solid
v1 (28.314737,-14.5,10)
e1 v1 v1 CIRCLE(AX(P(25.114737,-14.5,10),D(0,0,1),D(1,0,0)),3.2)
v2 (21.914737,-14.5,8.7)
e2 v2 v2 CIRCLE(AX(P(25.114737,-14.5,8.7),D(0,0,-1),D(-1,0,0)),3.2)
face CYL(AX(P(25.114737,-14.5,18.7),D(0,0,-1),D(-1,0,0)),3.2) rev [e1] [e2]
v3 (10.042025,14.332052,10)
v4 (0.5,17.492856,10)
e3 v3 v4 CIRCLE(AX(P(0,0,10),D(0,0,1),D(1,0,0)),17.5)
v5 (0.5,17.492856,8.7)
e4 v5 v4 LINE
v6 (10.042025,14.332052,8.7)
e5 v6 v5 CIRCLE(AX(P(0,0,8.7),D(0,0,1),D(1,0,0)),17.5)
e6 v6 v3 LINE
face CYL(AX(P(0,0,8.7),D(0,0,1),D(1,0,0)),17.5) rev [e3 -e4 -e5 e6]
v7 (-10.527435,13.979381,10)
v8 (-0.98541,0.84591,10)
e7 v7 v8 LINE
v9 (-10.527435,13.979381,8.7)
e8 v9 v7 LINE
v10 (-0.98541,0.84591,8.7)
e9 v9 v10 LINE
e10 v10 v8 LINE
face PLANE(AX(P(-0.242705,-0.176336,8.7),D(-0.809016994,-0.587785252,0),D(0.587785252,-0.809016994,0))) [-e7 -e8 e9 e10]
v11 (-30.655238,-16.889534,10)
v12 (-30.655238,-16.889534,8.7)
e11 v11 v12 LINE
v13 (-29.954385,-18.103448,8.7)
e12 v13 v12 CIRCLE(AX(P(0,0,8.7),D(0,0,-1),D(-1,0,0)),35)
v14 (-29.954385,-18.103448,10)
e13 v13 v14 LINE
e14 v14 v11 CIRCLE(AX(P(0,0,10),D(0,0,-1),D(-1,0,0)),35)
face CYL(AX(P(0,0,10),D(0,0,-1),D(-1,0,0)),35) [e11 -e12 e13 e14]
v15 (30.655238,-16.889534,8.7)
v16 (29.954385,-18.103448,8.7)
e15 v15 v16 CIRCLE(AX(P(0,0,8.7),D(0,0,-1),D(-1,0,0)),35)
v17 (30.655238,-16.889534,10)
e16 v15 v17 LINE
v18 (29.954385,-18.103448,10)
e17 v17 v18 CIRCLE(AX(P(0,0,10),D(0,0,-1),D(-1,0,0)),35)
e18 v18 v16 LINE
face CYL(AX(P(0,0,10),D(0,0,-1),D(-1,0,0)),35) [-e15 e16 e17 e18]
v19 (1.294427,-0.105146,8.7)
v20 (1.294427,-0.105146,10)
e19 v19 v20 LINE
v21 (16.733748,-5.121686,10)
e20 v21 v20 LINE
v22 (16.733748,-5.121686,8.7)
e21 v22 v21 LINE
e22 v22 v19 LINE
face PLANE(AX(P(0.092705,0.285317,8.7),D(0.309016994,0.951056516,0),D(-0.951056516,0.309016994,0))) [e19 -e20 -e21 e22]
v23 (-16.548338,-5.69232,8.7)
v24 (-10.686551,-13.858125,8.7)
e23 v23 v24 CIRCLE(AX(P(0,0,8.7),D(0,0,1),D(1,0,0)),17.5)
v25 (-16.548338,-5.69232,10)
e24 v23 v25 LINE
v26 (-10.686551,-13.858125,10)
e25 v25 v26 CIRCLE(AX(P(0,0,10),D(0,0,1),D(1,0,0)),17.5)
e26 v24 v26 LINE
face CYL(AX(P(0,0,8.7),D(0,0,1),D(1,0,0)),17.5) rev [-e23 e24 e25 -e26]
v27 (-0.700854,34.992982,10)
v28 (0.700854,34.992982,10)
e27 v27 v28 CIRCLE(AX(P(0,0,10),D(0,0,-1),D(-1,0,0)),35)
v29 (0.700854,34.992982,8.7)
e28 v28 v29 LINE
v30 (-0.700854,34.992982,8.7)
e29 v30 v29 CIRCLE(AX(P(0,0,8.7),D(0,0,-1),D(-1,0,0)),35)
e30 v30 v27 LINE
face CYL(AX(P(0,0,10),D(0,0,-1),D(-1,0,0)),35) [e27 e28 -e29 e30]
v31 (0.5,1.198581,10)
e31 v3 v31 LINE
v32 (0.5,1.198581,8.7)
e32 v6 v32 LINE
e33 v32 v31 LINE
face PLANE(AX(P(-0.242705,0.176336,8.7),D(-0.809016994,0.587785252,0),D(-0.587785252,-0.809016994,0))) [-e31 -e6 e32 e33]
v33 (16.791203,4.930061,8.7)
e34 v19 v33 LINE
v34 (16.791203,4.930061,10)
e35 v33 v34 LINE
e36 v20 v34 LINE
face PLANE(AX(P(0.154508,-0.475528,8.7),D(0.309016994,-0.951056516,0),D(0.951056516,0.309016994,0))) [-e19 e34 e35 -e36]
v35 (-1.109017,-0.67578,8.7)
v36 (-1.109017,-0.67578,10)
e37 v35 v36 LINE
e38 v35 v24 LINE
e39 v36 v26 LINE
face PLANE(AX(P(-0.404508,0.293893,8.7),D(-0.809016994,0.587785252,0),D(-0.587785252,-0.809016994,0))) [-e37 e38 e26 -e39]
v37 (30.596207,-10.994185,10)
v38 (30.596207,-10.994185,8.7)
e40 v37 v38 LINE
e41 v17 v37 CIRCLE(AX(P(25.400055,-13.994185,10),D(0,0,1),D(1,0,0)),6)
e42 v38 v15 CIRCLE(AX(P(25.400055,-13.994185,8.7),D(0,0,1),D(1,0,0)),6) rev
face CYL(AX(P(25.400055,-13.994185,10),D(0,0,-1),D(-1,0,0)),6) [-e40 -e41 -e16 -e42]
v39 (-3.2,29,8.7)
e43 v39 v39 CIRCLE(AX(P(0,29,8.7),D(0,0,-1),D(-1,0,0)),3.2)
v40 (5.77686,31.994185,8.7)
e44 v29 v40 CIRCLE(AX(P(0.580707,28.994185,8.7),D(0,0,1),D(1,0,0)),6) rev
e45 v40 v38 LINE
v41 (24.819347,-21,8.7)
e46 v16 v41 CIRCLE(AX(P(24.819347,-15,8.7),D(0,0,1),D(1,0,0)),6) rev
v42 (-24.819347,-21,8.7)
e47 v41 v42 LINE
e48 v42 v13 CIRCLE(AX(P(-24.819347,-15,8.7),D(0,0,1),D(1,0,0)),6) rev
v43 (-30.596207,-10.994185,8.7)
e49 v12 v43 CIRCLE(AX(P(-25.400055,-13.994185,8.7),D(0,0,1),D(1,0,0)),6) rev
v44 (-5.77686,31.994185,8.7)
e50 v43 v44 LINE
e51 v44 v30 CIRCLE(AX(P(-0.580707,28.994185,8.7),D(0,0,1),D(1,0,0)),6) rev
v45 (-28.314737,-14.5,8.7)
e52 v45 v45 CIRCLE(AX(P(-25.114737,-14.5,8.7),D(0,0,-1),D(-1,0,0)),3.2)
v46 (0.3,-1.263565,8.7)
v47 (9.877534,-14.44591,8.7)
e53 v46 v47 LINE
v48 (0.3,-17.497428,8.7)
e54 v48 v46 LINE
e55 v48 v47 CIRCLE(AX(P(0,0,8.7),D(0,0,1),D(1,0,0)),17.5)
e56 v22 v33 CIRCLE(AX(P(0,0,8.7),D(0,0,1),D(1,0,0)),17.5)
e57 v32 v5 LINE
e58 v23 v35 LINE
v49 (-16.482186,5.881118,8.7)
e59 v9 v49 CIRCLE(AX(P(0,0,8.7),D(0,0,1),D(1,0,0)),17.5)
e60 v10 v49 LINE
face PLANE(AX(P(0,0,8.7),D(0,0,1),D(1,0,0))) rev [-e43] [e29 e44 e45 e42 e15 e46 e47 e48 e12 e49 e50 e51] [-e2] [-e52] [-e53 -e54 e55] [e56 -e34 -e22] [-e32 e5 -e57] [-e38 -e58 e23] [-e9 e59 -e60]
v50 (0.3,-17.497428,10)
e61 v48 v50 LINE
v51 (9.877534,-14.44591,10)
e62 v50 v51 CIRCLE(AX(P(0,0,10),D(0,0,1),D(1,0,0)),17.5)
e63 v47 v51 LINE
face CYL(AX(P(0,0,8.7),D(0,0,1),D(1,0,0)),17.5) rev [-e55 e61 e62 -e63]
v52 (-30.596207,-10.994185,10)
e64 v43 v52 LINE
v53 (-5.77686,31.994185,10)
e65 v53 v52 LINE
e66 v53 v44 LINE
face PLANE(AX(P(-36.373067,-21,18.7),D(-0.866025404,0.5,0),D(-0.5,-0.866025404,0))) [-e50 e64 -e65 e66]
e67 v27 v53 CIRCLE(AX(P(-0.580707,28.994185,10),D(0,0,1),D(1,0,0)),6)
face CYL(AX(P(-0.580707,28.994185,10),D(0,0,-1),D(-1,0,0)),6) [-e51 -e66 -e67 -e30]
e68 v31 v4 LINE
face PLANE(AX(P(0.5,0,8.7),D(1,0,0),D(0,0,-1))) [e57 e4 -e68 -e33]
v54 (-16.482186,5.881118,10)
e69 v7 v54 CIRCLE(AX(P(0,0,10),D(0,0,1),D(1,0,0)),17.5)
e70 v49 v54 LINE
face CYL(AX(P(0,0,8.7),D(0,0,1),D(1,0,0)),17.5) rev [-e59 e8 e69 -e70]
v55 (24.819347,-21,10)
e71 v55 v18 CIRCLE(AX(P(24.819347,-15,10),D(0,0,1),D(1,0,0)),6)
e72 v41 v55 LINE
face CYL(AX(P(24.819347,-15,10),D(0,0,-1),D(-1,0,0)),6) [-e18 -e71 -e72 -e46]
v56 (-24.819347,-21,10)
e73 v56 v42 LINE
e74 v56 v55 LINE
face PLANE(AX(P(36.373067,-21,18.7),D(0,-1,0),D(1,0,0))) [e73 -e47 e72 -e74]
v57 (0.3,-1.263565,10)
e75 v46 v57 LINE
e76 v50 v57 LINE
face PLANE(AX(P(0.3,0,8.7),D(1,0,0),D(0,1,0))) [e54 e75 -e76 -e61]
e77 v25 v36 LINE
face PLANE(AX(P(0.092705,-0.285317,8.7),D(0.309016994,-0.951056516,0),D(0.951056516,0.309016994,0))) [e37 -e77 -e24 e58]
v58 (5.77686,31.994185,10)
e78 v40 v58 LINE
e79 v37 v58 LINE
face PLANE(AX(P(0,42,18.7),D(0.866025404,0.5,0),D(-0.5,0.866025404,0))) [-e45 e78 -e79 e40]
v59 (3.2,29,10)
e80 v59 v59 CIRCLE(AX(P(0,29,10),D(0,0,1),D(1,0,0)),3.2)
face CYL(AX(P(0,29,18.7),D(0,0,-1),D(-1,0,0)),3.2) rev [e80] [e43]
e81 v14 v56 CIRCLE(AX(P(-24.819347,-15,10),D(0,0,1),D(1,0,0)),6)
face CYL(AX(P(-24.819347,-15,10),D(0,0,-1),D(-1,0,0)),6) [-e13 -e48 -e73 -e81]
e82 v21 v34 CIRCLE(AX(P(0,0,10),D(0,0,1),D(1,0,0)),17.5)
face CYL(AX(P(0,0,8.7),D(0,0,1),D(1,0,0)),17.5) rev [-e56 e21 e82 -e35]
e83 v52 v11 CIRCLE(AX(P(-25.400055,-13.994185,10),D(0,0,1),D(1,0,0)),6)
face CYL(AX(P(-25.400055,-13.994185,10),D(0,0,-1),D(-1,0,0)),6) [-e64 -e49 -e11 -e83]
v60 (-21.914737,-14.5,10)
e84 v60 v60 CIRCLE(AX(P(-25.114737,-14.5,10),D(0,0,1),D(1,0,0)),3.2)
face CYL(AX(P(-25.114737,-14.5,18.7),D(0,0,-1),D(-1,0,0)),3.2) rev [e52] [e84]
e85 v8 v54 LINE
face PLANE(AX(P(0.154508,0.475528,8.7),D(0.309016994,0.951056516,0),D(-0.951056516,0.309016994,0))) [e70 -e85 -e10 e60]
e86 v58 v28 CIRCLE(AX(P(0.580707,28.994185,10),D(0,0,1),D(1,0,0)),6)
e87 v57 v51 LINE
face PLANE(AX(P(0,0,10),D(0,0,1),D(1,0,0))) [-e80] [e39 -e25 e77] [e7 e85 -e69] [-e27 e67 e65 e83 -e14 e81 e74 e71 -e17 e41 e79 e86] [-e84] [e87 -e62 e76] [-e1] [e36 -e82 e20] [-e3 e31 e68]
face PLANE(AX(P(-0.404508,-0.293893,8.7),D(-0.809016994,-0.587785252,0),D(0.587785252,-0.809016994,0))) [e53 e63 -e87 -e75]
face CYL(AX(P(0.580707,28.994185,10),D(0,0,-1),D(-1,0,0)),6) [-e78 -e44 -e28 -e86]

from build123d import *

# Parameters (mm, degrees)
SKETCH2_R           = 19
BOSS_EXTRUDE1_DEPTH = 1.3
BOSS_EXTRUDE7_START = -1.3
BOSS_EXTRUDE7_DEPTH = 1.3
SKETCH17_R          = 0.7
BOSS_EXTRUDE9_DEPTH = 1.3
BOSS_EXTRUDE2_START = -1.3
SKETCH3_R           = 35
SKETCH3_R_2         = 19
BOSS_EXTRUDE2_DEPTH = 1.3
SKETCH6_R           = 5
BOSS_EXTRUDE4_DEPTH = 1
SKETCH7_R           = 59.131365533
CUT_EXTRUDE1_DEPTH  = 10
FILLET1_R           = 6
SKETCH4_R           = 3.2
CUT_EXTRUDE2_DEPTH  = 10


with BuildPart() as part:
    # Sketch2 → Boss-Extrude1 (new body)
    with BuildSketch(Plane.XY.offset(10)):
        Circle(SKETCH2_R)
        with BuildLine():
            ThreePointArc((0, 0.943688479), (0.291615777, 0.897501077), (0.554686171, 0.763460017))
            Line((0.554686171, 0.763460017), (10.580134541, 14.562305899))
            ThreePointArc((10.580134541, 14.562305899), (14.562305899, 10.580134541), (17.119017293, 5.562305899))
            Line((17.119017293, 5.562305899), (0.897501077, 0.291615777))
            ThreePointArc((0.897501077, 0.291615777), (0.943688479, 0), (0.897501077, -0.291615777))
            Line((0.897501077, -0.291615777), (17.119017293, -5.562305899))
            ThreePointArc((17.119017293, -5.562305899), (14.562305899, -10.580134541), (10.580134541, -14.562305899))
            Line((10.580134541, -14.562305899), (0.554686171, -0.763460017))
            ThreePointArc((0.554686171, -0.763460017), (0.291615777, -0.897501077), (0, -0.943688479))
            Line((0, -0.943688479), (0, -18))
            ThreePointArc((0, -18), (-5.562305899, -17.119017293), (-10.580134541, -14.562305899))
            Line((-10.580134541, -14.562305899), (-0.554686171, -0.763460017))
            ThreePointArc((-0.554686171, -0.763460017), (-0.763460017, -0.554686171), (-0.897501077, -0.291615777))
            Line((-0.897501077, -0.291615777), (-17.119017293, -5.562305899))
            ThreePointArc((-17.119017293, -5.562305899), (-18, 0), (-17.119017293, 5.562305899))
            Line((-17.119017293, 5.562305899), (-0.897501077, 0.291615777))
            ThreePointArc((-0.897501077, 0.291615777), (-0.763460017, 0.554686171), (-0.554686171, 0.763460017))
            Line((-0.554686171, 0.763460017), (-10.580134541, 14.562305899))
            ThreePointArc((-10.580134541, 14.562305899), (-5.562305899, 17.119017293), (0, 18))
            Line((0, 18), (0, 0.943688479))
        make_face(mode=Mode.SUBTRACT)
        with BuildLine():
            Line((0.5, 1.198581445), (0.5, 17.492855685))
            ThreePointArc((0.5, 17.492855685), (5.50283957, 16.612307385), (10.042025258, 14.332052495))
            Line((10.042025258, 14.332052495), (0.5, 1.198581445))
        make_face(mode=Mode.SUBTRACT)
        with BuildLine():
            Line((-0.985410197, 0.845910294), (-16.48218589, 5.881117945))
            ThreePointArc((-16.48218589, 5.881117945), (-14.098772245, 10.366996729), (-10.527435455, 13.979381344))
            Line((-10.527435455, 13.979381344), (-0.985410197, 0.845910294))
        make_face(mode=Mode.SUBTRACT)
        with BuildLine():
            Line((-1.109016994, -0.675780132), (-10.686551089, -13.858124903))
            ThreePointArc((-10.686551089, -13.858124903), (-14.216360017, -10.205151045), (-16.548338183, -5.692319683))
            Line((-16.548338183, -5.692319683), (-1.109016994, -0.675780132))
        make_face(mode=Mode.SUBTRACT)
        with BuildLine():
            ThreePointArc((9.877534095, -14.445910155), (5.312578558, -16.674126936), (0.3, -17.497428382))
            Line((0.3, -17.497428382), (0.3, -1.263565384))
            Line((0.3, -1.263565384), (9.877534095, -14.445910155))
        make_face(mode=Mode.SUBTRACT)
        with BuildLine():
            Line((16.73374838, -5.121685773), (1.294427191, -0.105146222))
            Line((1.294427191, -0.105146222), (16.791202885, 4.930061429))
            ThreePointArc((16.791202885, 4.930061429), (17.499714134, -0.100026134), (16.73374838, -5.121685773))
        make_face(mode=Mode.SUBTRACT)
    extrude(amount=-BOSS_EXTRUDE1_DEPTH)

    # Sketch11 → Boss-Extrude7 (add)
    with BuildSketch(Plane(origin=(0, 0, 8.7), x_dir=(-1, 0, 0), z_dir=(0, 0, -1)).offset(BOSS_EXTRUDE7_START)):
        with BuildLine():
            ThreePointArc((-0.897501077, 0.291615777), (-0.763460017, 0.554686171), (-0.554686171, 0.763460017))
            Line((-0.554686171, 0.763460017), (-10.580134541, 14.562305899))
            ThreePointArc((-10.580134541, 14.562305899), (-14.562305899, 10.580134541), (-17.119017293, 5.562305899))
            Line((-17.119017293, 5.562305899), (-0.897501077, 0.291615777))
        make_face()
        with BuildLine():
            Line((0, 18), (0, 0.943688479))
            ThreePointArc((0, 0.943688479), (0.291615777, 0.897501077), (0.554686171, 0.763460017))
            Line((0.554686171, 0.763460017), (10.580134541, 14.562305899))
            ThreePointArc((10.580134541, 14.562305899), (5.562305899, 17.119017293), (0, 18))
        make_face()
        with BuildLine():
            Line((17.119017293, 5.562305899), (0.897501077, 0.291615777))
            ThreePointArc((0.897501077, 0.291615777), (0.932070108, 0.147625402), (0.943688479, 0))
            ThreePointArc((0.943688479, 0), (0.932070108, -0.147625402), (0.897501077, -0.291615777))
            Line((0.897501077, -0.291615777), (17.119017293, -5.562305899))
            ThreePointArc((17.119017293, -5.562305899), (18, 0), (17.119017293, 5.562305899))
        make_face()
        with BuildLine():
            Line((10.580134541, -14.562305899), (0.554686171, -0.763460017))
            ThreePointArc((0.554686171, -0.763460017), (0.291615777, -0.897501077), (0, -0.943688479))
            Line((0, -0.943688479), (0, -18))
            ThreePointArc((0, -18), (5.562305899, -17.119017293), (10.580134541, -14.562305899))
        make_face()
        with BuildLine():
            ThreePointArc((-0.554686171, -0.763460017), (-0.763460017, -0.554686171), (-0.897501077, -0.291615777))
            Line((-0.897501077, -0.291615777), (-17.119017293, -5.562305899))
            ThreePointArc((-17.119017293, -5.562305899), (-14.562305899, -10.580134541), (-10.580134541, -14.562305899))
            Line((-10.580134541, -14.562305899), (-0.554686171, -0.763460017))
        make_face()
        with BuildLine():
            ThreePointArc((0.554686171, 0.763460017), (0.291615777, 0.897501077), (0, 0.943688479))
            ThreePointArc((0, 0.943688479), (-0.291615777, 0.897501077), (-0.554686171, 0.763460017))
            ThreePointArc((-0.554686171, 0.763460017), (-0.763460017, 0.554686171), (-0.897501077, 0.291615777))
            ThreePointArc((-0.897501077, 0.291615777), (-0.943688479, 0), (-0.897501077, -0.291615777))
            ThreePointArc((-0.897501077, -0.291615777), (-0.763460017, -0.554686171), (-0.554686171, -0.763460017))
            ThreePointArc((-0.554686171, -0.763460017), (-0.291615777, -0.897501077), (0, -0.943688479))
            ThreePointArc((0, -0.943688479), (0.291615777, -0.897501077), (0.554686171, -0.763460017))
            ThreePointArc((0.554686171, -0.763460017), (0.763460017, -0.554686171), (0.897501077, -0.291615777))
            ThreePointArc((0.897501077, -0.291615777), (0.932070108, -0.147625402), (0.943688479, 0))
            ThreePointArc((0.943688479, 0), (0.932070108, 0.147625402), (0.897501077, 0.291615777))
            ThreePointArc((0.897501077, 0.291615777), (0.763460017, 0.554686171), (0.554686171, 0.763460017))
        make_face()
    extrude(amount=BOSS_EXTRUDE7_DEPTH)

    # Sketch17 → Boss-Extrude9 (add)
    with BuildSketch(Plane(origin=(0, 0, 8.7), x_dir=(-1, 0, 0), z_dir=(0, 0, -1))):
        Circle(SKETCH17_R)
    extrude(amount=-BOSS_EXTRUDE9_DEPTH)

    # Sketch3 → Boss-Extrude2 (add)
    with BuildSketch(Plane(origin=(0, 0, 8.7), x_dir=(-1, 0, 0), z_dir=(0, 0, -1)).offset(BOSS_EXTRUDE2_START)):
        Circle(SKETCH3_R)
        Circle(SKETCH3_R_2, mode=Mode.SUBTRACT)
    extrude(amount=BOSS_EXTRUDE2_DEPTH)

    # Sketch6 → Boss-Extrude4 (add)
    with BuildSketch(Plane(origin=(0, 0, 10), x_dir=(-1, 0, 0), z_dir=(0, 0, -1))):
        with Locations((0, 30)):
            Circle(SKETCH6_R)
        with Locations((25.980762114, -15)):
            Circle(SKETCH6_R)
        with Locations((-25.980762114, -15)):
            Circle(SKETCH6_R)
    extrude(amount=BOSS_EXTRUDE4_DEPTH)

    # Sketch7 → Cut-Extrude1 (cut)
    with BuildSketch(Plane(origin=(0, 0, 8.7), x_dir=(-1, 0, 0), z_dir=(0, 0, -1))):
        Circle(SKETCH7_R)
        Polygon((0, 42), (-36.373066959, -21), (36.373066959, -21), align=None, mode=Mode.SUBTRACT)
    extrude(amount=-CUT_EXTRUDE1_DEPTH, mode=Mode.SUBTRACT)

    # Fillet1
    fillet1_edges = [part.edges().sort_by_distance(p)[0] for p in [
        (4.186533479, 34.748711306, 9.35),
        (32.186533479, -13.748711306, 9.35),
        (28, -21, 9.35),
        (-28, -21, 9.35),
        (-32.186533479, -13.748711306, 9.35),
        (-4.186533479, 34.748711306, 9.35),
    ]]
    fillet(fillet1_edges, radius=FILLET1_R)

    # Sketch4 → Cut-Extrude2 (cut)
    with BuildSketch(Plane(origin=(0, 0, 8.7), x_dir=(-1, 0, 0), z_dir=(0, 0, -1))):
        with Locations((0, 29)):
            Circle(SKETCH4_R)
        with Locations((25.11473671, -14.5)):
            Circle(SKETCH4_R)
        with Locations((-25.11473671, -14.5)):
            Circle(SKETCH4_R)
    extrude(amount=-CUT_EXTRUDE2_DEPTH, mode=Mode.SUBTRACT)


solid = part.part
